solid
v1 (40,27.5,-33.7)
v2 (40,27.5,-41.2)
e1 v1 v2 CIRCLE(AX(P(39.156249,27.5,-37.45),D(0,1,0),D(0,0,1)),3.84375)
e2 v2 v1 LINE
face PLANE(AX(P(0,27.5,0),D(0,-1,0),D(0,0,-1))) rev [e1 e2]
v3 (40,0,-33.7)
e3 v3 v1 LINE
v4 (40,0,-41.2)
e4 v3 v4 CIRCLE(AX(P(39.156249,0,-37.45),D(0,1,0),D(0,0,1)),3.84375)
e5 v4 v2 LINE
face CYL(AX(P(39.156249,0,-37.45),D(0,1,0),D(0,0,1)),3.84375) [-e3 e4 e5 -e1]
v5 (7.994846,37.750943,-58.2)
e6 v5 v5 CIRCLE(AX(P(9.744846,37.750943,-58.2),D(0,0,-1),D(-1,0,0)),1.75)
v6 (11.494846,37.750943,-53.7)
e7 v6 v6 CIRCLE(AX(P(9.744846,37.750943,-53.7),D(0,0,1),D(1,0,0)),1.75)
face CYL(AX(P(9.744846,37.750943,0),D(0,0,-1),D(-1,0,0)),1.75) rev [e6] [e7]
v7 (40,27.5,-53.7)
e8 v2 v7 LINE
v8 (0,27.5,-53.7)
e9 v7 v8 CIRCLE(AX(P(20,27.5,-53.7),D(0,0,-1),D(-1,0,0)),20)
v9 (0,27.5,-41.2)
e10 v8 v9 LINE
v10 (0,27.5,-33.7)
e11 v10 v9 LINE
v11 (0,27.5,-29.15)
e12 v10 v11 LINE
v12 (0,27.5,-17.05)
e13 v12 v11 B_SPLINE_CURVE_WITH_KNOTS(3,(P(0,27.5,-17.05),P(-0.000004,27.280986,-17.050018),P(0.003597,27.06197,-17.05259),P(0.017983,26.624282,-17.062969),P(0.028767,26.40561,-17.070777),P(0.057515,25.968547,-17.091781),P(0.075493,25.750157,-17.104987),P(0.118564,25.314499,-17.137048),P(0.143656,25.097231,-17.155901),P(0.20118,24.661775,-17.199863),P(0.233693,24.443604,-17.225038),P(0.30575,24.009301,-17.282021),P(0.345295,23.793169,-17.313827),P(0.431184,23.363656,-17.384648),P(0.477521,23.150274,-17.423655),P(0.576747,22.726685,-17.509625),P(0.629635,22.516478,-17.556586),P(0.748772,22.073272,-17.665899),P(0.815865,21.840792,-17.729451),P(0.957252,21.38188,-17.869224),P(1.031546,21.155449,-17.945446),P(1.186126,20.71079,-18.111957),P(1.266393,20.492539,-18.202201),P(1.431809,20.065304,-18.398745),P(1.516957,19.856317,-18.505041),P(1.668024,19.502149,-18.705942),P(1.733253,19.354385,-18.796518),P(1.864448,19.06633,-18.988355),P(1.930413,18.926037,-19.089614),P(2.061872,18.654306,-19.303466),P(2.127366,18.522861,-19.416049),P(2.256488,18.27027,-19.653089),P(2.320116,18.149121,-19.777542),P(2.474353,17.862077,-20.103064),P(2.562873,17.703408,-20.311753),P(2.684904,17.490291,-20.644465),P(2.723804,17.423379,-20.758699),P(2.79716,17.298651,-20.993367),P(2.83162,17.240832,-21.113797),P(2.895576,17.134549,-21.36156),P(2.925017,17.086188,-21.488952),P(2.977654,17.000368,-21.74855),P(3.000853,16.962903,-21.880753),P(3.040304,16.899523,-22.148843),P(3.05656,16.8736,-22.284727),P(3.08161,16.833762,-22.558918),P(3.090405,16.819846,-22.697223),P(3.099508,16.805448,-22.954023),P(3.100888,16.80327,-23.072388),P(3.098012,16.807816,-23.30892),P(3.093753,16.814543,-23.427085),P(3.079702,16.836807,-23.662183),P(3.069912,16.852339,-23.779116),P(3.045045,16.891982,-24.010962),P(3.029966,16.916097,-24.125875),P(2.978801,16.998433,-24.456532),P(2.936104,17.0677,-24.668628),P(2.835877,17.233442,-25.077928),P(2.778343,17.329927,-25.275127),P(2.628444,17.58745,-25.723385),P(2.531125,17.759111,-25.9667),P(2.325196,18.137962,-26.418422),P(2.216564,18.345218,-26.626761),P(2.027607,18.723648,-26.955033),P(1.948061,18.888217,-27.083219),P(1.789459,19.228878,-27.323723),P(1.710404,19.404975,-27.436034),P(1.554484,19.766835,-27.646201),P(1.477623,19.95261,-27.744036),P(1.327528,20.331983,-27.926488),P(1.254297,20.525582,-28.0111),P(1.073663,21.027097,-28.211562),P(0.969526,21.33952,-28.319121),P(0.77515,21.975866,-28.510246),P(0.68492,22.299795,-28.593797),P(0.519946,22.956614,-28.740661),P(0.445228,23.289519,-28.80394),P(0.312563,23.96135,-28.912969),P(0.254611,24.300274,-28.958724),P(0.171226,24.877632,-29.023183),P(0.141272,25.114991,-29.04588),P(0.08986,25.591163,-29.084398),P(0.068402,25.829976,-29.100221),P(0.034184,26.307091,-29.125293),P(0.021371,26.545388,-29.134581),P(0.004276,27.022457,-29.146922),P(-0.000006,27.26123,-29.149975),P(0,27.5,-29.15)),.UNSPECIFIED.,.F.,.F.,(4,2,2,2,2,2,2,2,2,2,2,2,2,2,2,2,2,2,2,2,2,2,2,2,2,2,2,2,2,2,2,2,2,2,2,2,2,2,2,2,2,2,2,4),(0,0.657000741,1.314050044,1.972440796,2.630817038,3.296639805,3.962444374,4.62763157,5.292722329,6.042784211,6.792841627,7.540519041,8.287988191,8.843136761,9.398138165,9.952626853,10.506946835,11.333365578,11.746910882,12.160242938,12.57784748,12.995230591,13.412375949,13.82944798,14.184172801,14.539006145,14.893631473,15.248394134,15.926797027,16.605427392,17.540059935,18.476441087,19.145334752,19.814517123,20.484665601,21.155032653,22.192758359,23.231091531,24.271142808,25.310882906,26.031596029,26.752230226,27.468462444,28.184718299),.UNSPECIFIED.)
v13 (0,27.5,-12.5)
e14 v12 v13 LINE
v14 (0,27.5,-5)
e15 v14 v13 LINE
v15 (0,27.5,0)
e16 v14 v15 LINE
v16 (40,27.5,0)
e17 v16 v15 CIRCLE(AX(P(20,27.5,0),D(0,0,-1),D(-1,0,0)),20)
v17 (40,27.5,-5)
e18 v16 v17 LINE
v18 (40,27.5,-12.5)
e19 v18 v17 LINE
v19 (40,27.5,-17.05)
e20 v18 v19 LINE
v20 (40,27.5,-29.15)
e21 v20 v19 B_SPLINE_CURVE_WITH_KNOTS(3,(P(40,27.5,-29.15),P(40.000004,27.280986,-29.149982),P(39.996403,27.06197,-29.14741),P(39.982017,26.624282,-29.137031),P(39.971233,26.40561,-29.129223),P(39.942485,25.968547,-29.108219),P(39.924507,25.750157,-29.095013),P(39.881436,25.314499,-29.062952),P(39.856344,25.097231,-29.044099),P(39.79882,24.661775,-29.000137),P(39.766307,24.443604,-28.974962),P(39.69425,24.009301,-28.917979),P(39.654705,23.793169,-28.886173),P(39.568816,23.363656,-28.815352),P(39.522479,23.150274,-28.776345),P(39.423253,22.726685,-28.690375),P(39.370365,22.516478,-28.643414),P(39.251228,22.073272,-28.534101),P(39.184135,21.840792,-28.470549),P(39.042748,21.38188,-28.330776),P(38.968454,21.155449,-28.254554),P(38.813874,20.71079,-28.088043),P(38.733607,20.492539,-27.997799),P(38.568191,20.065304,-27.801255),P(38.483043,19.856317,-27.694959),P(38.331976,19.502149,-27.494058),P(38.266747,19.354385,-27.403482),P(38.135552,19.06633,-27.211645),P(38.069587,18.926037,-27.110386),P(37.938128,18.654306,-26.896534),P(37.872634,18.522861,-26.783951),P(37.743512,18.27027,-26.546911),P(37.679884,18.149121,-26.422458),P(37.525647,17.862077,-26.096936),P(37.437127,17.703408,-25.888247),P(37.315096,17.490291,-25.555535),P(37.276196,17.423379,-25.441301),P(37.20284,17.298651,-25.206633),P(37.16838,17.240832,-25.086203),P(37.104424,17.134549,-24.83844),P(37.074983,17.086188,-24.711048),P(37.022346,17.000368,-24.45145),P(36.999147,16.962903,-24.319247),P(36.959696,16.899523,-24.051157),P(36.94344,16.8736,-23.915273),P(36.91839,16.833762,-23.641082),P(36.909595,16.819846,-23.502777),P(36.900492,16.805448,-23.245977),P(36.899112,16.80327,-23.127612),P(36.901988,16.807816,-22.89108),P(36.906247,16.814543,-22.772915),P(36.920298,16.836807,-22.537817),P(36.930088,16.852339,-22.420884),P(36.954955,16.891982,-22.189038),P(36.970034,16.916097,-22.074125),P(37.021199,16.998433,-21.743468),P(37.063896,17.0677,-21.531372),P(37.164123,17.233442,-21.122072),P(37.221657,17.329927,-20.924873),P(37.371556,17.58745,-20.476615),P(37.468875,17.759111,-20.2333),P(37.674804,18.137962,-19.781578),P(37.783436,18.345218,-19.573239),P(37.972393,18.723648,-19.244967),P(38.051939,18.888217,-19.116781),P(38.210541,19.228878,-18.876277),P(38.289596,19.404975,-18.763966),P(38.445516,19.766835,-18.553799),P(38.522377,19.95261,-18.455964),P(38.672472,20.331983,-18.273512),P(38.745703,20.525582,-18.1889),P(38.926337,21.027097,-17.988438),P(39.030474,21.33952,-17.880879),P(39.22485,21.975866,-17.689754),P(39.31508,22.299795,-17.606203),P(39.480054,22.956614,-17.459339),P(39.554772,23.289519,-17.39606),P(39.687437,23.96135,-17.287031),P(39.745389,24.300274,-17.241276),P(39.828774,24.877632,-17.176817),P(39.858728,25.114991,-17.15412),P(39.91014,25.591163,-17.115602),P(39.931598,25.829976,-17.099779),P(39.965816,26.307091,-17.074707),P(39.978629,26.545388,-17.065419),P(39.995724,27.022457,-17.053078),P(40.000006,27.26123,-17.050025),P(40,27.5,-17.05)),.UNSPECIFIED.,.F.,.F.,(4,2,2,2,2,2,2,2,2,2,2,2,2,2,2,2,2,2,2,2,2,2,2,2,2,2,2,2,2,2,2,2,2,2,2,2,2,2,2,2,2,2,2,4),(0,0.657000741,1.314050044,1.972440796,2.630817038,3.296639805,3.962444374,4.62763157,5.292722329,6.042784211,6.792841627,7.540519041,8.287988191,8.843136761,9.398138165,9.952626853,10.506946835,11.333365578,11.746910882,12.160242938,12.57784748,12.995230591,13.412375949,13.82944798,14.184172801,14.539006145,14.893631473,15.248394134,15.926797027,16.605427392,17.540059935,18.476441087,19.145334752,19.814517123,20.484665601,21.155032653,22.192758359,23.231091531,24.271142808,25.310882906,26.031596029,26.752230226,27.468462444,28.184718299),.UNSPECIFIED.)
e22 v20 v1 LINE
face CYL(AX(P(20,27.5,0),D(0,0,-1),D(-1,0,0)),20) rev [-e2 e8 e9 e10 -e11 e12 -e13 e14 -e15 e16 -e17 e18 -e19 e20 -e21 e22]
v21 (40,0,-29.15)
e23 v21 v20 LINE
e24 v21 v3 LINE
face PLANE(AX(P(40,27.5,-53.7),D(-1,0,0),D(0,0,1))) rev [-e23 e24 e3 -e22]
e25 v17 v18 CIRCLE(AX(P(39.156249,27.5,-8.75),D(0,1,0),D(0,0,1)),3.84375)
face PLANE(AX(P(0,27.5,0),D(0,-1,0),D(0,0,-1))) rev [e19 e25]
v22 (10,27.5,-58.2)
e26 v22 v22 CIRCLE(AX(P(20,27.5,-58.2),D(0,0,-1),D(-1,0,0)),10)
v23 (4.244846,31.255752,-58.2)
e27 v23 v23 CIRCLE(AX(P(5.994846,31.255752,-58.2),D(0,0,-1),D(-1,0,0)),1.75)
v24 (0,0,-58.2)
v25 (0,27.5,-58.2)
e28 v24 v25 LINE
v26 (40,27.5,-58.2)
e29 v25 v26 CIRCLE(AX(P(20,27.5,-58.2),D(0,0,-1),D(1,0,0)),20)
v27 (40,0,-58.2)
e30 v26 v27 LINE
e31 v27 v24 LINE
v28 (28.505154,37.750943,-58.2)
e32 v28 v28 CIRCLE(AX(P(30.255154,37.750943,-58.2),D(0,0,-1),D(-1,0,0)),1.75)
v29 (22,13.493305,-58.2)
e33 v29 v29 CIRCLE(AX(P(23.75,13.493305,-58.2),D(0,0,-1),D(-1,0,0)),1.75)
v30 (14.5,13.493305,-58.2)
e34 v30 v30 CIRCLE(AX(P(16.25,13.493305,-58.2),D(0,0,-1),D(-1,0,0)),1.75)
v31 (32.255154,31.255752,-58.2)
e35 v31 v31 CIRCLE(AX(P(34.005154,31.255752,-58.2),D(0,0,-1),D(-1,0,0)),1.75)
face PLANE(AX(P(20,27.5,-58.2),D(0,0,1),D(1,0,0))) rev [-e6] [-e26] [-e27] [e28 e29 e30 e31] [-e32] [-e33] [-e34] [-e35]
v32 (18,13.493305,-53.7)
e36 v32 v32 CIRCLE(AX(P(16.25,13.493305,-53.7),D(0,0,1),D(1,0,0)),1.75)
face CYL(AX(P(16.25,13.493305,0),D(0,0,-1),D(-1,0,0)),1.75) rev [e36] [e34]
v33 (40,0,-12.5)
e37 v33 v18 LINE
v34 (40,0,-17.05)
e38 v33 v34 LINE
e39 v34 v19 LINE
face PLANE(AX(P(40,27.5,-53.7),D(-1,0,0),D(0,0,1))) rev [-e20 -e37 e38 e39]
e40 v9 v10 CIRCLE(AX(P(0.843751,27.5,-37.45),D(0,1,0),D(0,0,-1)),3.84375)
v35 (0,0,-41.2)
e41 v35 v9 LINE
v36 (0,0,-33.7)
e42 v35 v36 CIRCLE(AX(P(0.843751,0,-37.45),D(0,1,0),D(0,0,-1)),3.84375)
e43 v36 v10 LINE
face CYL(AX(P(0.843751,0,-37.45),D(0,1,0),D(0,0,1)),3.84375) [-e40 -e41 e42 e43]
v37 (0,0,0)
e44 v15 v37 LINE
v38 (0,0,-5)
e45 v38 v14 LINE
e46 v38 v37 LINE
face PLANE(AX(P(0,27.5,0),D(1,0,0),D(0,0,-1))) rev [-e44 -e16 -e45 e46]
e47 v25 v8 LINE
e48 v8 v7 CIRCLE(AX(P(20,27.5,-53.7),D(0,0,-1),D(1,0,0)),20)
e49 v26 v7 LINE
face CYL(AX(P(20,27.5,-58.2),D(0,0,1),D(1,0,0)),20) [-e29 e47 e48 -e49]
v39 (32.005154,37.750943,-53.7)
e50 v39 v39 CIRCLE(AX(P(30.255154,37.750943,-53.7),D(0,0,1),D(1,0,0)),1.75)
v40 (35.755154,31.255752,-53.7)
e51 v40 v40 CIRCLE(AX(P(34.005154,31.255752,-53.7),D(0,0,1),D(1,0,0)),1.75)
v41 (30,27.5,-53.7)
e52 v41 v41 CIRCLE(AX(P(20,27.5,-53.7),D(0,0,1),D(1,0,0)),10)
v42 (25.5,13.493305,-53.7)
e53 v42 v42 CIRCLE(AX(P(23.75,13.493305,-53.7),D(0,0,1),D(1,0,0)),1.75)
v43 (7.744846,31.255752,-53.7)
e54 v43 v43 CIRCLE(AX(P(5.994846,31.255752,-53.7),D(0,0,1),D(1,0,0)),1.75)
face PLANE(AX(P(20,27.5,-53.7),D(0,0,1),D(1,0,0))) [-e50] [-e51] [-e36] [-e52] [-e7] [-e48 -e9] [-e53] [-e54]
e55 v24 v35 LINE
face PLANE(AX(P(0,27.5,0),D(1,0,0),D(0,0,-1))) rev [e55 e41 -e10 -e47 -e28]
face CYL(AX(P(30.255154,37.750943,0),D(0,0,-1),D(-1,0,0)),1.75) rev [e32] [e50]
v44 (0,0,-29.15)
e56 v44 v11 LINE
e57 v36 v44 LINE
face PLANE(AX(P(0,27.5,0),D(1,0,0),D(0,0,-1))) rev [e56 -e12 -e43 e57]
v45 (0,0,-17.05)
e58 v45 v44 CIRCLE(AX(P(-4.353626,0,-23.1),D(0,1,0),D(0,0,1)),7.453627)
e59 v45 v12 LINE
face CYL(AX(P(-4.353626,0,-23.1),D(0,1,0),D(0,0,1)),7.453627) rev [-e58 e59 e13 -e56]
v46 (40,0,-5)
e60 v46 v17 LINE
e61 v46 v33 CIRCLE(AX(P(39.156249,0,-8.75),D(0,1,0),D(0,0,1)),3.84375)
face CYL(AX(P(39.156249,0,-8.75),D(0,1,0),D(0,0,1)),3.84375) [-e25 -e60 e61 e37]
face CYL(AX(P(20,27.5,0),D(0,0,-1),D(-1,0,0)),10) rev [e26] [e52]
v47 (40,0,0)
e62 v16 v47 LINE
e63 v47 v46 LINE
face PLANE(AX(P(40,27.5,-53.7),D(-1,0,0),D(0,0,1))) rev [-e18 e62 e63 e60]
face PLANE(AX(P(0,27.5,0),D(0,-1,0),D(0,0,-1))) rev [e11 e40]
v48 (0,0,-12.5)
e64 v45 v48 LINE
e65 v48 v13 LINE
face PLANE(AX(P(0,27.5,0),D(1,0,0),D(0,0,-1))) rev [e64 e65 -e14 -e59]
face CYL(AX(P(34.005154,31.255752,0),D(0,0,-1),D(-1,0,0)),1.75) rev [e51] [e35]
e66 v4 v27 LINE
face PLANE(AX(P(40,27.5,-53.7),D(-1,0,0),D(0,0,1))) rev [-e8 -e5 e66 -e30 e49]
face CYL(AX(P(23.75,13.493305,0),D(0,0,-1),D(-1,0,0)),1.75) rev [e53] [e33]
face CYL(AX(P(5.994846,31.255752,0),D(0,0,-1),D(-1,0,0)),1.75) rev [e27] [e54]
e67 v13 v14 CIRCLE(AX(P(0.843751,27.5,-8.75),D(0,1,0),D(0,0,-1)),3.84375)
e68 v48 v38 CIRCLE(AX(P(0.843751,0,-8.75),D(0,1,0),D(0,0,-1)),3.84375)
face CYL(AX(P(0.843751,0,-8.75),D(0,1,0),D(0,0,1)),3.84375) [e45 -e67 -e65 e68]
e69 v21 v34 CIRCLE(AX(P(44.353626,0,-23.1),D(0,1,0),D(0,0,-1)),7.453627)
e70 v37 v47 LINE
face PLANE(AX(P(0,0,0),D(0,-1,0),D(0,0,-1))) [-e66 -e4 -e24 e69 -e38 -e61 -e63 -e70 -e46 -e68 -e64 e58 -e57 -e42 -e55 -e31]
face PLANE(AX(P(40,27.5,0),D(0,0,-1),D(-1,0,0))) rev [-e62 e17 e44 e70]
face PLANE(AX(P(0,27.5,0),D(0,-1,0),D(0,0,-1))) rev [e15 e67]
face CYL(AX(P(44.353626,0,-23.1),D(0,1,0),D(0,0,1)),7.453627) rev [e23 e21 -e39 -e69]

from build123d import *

# Parameters (mm, degrees)
SKETCH3_W           = 40
SKETCH3_H           = 53.7
BOSS_EXTRUDE1_DEPTH = 27.5
BOSS_EXTRUDE4_DEPTH = 27.5
CUT_EXTRUDE1_DEPTH  = 28.5
SKETCH7_R           = 20
CUT_EXTRUDE2_DEPTH  = 54.7
BOSS_EXTRUDE5_DEPTH = 4.5
SKETCH9_R           = 10
CUT_EXTRUDE3_DEPTH  = 59.2000001
SKETCH10_R          = 1.75
CUT_EXTRUDE4_DEPTH  = 59.2000001


with BuildPart() as part:
    # Sketch3 → Boss-Extrude1 (new body)
    with BuildSketch(Plane(origin=(0, 0, 0), x_dir=(1, 0, 0), z_dir=(0, 1, 0))):
        with Locations((20, 26.85)):
            Rectangle(SKETCH3_W, SKETCH3_H)
    extrude(amount=BOSS_EXTRUDE1_DEPTH)

    # Sketch4 → Boss-Extrude4 (add)
    with BuildSketch(Plane(origin=(0, 27.5, 0), x_dir=(1, 0, 0), z_dir=(0, 1, 0))):
        with BuildLine():
            Line((0, 41.2), (0, 33.7))
            ThreePointArc((0, 33.7), (-2.999999474, 37.45), (0, 41.2))
        make_face()
        with BuildLine():
            Line((0, 12.5), (0, 5))
            ThreePointArc((0, 5), (-2.999999474, 8.75), (0, 12.5))
        make_face()
        with BuildLine():
            Line((40, 41.2), (40, 33.7))
            ThreePointArc((40, 33.7), (42.999999474, 37.45), (40, 41.2))
        make_face()
        with BuildLine():
            Line((40, 12.5), (40, 5))
            ThreePointArc((40, 5), (42.999999474, 8.75), (40, 12.5))
        make_face()
    extrude(amount=-BOSS_EXTRUDE4_DEPTH)

    # Sketch6 → Cut-Extrude1 (cut, through all)
    with BuildSketch(Plane(origin=(0, 27.5, 0), x_dir=(1, 0, 0), z_dir=(0, 1, 0))):
        with BuildLine():
            Line((0, 29.15), (0, 17.05))
            ThreePointArc((0, 17.05), (3.100001365, 23.1), (0, 29.15))
        make_face()
        with BuildLine():
            Line((40, 29.15), (40, 17.05))
            ThreePointArc((40, 17.05), (36.899998635, 23.1), (40, 29.15))
        make_face()
    extrude(amount=-CUT_EXTRUDE1_DEPTH, mode=Mode.SUBTRACT)

    # Sketch7 → Cut-Extrude2 (cut, through all)
    with BuildSketch(Plane(origin=(0, 0, -53.7), x_dir=(-1, 0, 0), z_dir=(0, 0, -1))):
        with Locations((-20, 27.5)):
            Circle(SKETCH7_R)
    extrude(amount=-CUT_EXTRUDE2_DEPTH, mode=Mode.SUBTRACT)

    # Sketch8 → Boss-Extrude5 (add)
    with BuildSketch(Plane(origin=(0, 0, -53.7), x_dir=(-1, 0, 0), z_dir=(0, 0, -1))):
        with BuildLine():
            Line((-40, 27.5), (-40, 0))
            Line((-40, 0), (0, 0))
            Line((0, 0), (0, 27.5))
            ThreePointArc((0, 27.5), (-20, 47.5), (-40, 27.5))
        make_face()
    extrude(amount=BOSS_EXTRUDE5_DEPTH)

    # Sketch9 → Cut-Extrude3 (cut, through all)
    with BuildSketch(Plane(origin=(0, 0, -58.2), x_dir=(-1, 0, 0), z_dir=(0, 0, -1))):
        with Locations((-20, 27.5)):
            Circle(SKETCH9_R)
    extrude(amount=-CUT_EXTRUDE3_DEPTH, mode=Mode.SUBTRACT)

    # Sketch10 → Cut-Extrude4 (cut, through all)
    with BuildSketch(Plane(origin=(0, 0, -58.2), x_dir=(-1, 0, 0), z_dir=(0, 0, -1))):
        with Locations((-23.75, 13.493305172)):
            Circle(SKETCH10_R)
        with Locations((-16.25, 13.493305172)):
            Circle(SKETCH10_R)
        with Locations((-34.005153544, 31.25575215)):
            Circle(SKETCH10_R)
        with Locations((-30.255153544, 37.750942678)):
            Circle(SKETCH10_R)
        with Locations((-9.744846456, 37.750942678)):
            Circle(SKETCH10_R)
        with Locations((-5.994846456, 31.25575215)):
            Circle(SKETCH10_R)
    extrude(amount=-CUT_EXTRUDE4_DEPTH, mode=Mode.SUBTRACT)


solid = part.part
